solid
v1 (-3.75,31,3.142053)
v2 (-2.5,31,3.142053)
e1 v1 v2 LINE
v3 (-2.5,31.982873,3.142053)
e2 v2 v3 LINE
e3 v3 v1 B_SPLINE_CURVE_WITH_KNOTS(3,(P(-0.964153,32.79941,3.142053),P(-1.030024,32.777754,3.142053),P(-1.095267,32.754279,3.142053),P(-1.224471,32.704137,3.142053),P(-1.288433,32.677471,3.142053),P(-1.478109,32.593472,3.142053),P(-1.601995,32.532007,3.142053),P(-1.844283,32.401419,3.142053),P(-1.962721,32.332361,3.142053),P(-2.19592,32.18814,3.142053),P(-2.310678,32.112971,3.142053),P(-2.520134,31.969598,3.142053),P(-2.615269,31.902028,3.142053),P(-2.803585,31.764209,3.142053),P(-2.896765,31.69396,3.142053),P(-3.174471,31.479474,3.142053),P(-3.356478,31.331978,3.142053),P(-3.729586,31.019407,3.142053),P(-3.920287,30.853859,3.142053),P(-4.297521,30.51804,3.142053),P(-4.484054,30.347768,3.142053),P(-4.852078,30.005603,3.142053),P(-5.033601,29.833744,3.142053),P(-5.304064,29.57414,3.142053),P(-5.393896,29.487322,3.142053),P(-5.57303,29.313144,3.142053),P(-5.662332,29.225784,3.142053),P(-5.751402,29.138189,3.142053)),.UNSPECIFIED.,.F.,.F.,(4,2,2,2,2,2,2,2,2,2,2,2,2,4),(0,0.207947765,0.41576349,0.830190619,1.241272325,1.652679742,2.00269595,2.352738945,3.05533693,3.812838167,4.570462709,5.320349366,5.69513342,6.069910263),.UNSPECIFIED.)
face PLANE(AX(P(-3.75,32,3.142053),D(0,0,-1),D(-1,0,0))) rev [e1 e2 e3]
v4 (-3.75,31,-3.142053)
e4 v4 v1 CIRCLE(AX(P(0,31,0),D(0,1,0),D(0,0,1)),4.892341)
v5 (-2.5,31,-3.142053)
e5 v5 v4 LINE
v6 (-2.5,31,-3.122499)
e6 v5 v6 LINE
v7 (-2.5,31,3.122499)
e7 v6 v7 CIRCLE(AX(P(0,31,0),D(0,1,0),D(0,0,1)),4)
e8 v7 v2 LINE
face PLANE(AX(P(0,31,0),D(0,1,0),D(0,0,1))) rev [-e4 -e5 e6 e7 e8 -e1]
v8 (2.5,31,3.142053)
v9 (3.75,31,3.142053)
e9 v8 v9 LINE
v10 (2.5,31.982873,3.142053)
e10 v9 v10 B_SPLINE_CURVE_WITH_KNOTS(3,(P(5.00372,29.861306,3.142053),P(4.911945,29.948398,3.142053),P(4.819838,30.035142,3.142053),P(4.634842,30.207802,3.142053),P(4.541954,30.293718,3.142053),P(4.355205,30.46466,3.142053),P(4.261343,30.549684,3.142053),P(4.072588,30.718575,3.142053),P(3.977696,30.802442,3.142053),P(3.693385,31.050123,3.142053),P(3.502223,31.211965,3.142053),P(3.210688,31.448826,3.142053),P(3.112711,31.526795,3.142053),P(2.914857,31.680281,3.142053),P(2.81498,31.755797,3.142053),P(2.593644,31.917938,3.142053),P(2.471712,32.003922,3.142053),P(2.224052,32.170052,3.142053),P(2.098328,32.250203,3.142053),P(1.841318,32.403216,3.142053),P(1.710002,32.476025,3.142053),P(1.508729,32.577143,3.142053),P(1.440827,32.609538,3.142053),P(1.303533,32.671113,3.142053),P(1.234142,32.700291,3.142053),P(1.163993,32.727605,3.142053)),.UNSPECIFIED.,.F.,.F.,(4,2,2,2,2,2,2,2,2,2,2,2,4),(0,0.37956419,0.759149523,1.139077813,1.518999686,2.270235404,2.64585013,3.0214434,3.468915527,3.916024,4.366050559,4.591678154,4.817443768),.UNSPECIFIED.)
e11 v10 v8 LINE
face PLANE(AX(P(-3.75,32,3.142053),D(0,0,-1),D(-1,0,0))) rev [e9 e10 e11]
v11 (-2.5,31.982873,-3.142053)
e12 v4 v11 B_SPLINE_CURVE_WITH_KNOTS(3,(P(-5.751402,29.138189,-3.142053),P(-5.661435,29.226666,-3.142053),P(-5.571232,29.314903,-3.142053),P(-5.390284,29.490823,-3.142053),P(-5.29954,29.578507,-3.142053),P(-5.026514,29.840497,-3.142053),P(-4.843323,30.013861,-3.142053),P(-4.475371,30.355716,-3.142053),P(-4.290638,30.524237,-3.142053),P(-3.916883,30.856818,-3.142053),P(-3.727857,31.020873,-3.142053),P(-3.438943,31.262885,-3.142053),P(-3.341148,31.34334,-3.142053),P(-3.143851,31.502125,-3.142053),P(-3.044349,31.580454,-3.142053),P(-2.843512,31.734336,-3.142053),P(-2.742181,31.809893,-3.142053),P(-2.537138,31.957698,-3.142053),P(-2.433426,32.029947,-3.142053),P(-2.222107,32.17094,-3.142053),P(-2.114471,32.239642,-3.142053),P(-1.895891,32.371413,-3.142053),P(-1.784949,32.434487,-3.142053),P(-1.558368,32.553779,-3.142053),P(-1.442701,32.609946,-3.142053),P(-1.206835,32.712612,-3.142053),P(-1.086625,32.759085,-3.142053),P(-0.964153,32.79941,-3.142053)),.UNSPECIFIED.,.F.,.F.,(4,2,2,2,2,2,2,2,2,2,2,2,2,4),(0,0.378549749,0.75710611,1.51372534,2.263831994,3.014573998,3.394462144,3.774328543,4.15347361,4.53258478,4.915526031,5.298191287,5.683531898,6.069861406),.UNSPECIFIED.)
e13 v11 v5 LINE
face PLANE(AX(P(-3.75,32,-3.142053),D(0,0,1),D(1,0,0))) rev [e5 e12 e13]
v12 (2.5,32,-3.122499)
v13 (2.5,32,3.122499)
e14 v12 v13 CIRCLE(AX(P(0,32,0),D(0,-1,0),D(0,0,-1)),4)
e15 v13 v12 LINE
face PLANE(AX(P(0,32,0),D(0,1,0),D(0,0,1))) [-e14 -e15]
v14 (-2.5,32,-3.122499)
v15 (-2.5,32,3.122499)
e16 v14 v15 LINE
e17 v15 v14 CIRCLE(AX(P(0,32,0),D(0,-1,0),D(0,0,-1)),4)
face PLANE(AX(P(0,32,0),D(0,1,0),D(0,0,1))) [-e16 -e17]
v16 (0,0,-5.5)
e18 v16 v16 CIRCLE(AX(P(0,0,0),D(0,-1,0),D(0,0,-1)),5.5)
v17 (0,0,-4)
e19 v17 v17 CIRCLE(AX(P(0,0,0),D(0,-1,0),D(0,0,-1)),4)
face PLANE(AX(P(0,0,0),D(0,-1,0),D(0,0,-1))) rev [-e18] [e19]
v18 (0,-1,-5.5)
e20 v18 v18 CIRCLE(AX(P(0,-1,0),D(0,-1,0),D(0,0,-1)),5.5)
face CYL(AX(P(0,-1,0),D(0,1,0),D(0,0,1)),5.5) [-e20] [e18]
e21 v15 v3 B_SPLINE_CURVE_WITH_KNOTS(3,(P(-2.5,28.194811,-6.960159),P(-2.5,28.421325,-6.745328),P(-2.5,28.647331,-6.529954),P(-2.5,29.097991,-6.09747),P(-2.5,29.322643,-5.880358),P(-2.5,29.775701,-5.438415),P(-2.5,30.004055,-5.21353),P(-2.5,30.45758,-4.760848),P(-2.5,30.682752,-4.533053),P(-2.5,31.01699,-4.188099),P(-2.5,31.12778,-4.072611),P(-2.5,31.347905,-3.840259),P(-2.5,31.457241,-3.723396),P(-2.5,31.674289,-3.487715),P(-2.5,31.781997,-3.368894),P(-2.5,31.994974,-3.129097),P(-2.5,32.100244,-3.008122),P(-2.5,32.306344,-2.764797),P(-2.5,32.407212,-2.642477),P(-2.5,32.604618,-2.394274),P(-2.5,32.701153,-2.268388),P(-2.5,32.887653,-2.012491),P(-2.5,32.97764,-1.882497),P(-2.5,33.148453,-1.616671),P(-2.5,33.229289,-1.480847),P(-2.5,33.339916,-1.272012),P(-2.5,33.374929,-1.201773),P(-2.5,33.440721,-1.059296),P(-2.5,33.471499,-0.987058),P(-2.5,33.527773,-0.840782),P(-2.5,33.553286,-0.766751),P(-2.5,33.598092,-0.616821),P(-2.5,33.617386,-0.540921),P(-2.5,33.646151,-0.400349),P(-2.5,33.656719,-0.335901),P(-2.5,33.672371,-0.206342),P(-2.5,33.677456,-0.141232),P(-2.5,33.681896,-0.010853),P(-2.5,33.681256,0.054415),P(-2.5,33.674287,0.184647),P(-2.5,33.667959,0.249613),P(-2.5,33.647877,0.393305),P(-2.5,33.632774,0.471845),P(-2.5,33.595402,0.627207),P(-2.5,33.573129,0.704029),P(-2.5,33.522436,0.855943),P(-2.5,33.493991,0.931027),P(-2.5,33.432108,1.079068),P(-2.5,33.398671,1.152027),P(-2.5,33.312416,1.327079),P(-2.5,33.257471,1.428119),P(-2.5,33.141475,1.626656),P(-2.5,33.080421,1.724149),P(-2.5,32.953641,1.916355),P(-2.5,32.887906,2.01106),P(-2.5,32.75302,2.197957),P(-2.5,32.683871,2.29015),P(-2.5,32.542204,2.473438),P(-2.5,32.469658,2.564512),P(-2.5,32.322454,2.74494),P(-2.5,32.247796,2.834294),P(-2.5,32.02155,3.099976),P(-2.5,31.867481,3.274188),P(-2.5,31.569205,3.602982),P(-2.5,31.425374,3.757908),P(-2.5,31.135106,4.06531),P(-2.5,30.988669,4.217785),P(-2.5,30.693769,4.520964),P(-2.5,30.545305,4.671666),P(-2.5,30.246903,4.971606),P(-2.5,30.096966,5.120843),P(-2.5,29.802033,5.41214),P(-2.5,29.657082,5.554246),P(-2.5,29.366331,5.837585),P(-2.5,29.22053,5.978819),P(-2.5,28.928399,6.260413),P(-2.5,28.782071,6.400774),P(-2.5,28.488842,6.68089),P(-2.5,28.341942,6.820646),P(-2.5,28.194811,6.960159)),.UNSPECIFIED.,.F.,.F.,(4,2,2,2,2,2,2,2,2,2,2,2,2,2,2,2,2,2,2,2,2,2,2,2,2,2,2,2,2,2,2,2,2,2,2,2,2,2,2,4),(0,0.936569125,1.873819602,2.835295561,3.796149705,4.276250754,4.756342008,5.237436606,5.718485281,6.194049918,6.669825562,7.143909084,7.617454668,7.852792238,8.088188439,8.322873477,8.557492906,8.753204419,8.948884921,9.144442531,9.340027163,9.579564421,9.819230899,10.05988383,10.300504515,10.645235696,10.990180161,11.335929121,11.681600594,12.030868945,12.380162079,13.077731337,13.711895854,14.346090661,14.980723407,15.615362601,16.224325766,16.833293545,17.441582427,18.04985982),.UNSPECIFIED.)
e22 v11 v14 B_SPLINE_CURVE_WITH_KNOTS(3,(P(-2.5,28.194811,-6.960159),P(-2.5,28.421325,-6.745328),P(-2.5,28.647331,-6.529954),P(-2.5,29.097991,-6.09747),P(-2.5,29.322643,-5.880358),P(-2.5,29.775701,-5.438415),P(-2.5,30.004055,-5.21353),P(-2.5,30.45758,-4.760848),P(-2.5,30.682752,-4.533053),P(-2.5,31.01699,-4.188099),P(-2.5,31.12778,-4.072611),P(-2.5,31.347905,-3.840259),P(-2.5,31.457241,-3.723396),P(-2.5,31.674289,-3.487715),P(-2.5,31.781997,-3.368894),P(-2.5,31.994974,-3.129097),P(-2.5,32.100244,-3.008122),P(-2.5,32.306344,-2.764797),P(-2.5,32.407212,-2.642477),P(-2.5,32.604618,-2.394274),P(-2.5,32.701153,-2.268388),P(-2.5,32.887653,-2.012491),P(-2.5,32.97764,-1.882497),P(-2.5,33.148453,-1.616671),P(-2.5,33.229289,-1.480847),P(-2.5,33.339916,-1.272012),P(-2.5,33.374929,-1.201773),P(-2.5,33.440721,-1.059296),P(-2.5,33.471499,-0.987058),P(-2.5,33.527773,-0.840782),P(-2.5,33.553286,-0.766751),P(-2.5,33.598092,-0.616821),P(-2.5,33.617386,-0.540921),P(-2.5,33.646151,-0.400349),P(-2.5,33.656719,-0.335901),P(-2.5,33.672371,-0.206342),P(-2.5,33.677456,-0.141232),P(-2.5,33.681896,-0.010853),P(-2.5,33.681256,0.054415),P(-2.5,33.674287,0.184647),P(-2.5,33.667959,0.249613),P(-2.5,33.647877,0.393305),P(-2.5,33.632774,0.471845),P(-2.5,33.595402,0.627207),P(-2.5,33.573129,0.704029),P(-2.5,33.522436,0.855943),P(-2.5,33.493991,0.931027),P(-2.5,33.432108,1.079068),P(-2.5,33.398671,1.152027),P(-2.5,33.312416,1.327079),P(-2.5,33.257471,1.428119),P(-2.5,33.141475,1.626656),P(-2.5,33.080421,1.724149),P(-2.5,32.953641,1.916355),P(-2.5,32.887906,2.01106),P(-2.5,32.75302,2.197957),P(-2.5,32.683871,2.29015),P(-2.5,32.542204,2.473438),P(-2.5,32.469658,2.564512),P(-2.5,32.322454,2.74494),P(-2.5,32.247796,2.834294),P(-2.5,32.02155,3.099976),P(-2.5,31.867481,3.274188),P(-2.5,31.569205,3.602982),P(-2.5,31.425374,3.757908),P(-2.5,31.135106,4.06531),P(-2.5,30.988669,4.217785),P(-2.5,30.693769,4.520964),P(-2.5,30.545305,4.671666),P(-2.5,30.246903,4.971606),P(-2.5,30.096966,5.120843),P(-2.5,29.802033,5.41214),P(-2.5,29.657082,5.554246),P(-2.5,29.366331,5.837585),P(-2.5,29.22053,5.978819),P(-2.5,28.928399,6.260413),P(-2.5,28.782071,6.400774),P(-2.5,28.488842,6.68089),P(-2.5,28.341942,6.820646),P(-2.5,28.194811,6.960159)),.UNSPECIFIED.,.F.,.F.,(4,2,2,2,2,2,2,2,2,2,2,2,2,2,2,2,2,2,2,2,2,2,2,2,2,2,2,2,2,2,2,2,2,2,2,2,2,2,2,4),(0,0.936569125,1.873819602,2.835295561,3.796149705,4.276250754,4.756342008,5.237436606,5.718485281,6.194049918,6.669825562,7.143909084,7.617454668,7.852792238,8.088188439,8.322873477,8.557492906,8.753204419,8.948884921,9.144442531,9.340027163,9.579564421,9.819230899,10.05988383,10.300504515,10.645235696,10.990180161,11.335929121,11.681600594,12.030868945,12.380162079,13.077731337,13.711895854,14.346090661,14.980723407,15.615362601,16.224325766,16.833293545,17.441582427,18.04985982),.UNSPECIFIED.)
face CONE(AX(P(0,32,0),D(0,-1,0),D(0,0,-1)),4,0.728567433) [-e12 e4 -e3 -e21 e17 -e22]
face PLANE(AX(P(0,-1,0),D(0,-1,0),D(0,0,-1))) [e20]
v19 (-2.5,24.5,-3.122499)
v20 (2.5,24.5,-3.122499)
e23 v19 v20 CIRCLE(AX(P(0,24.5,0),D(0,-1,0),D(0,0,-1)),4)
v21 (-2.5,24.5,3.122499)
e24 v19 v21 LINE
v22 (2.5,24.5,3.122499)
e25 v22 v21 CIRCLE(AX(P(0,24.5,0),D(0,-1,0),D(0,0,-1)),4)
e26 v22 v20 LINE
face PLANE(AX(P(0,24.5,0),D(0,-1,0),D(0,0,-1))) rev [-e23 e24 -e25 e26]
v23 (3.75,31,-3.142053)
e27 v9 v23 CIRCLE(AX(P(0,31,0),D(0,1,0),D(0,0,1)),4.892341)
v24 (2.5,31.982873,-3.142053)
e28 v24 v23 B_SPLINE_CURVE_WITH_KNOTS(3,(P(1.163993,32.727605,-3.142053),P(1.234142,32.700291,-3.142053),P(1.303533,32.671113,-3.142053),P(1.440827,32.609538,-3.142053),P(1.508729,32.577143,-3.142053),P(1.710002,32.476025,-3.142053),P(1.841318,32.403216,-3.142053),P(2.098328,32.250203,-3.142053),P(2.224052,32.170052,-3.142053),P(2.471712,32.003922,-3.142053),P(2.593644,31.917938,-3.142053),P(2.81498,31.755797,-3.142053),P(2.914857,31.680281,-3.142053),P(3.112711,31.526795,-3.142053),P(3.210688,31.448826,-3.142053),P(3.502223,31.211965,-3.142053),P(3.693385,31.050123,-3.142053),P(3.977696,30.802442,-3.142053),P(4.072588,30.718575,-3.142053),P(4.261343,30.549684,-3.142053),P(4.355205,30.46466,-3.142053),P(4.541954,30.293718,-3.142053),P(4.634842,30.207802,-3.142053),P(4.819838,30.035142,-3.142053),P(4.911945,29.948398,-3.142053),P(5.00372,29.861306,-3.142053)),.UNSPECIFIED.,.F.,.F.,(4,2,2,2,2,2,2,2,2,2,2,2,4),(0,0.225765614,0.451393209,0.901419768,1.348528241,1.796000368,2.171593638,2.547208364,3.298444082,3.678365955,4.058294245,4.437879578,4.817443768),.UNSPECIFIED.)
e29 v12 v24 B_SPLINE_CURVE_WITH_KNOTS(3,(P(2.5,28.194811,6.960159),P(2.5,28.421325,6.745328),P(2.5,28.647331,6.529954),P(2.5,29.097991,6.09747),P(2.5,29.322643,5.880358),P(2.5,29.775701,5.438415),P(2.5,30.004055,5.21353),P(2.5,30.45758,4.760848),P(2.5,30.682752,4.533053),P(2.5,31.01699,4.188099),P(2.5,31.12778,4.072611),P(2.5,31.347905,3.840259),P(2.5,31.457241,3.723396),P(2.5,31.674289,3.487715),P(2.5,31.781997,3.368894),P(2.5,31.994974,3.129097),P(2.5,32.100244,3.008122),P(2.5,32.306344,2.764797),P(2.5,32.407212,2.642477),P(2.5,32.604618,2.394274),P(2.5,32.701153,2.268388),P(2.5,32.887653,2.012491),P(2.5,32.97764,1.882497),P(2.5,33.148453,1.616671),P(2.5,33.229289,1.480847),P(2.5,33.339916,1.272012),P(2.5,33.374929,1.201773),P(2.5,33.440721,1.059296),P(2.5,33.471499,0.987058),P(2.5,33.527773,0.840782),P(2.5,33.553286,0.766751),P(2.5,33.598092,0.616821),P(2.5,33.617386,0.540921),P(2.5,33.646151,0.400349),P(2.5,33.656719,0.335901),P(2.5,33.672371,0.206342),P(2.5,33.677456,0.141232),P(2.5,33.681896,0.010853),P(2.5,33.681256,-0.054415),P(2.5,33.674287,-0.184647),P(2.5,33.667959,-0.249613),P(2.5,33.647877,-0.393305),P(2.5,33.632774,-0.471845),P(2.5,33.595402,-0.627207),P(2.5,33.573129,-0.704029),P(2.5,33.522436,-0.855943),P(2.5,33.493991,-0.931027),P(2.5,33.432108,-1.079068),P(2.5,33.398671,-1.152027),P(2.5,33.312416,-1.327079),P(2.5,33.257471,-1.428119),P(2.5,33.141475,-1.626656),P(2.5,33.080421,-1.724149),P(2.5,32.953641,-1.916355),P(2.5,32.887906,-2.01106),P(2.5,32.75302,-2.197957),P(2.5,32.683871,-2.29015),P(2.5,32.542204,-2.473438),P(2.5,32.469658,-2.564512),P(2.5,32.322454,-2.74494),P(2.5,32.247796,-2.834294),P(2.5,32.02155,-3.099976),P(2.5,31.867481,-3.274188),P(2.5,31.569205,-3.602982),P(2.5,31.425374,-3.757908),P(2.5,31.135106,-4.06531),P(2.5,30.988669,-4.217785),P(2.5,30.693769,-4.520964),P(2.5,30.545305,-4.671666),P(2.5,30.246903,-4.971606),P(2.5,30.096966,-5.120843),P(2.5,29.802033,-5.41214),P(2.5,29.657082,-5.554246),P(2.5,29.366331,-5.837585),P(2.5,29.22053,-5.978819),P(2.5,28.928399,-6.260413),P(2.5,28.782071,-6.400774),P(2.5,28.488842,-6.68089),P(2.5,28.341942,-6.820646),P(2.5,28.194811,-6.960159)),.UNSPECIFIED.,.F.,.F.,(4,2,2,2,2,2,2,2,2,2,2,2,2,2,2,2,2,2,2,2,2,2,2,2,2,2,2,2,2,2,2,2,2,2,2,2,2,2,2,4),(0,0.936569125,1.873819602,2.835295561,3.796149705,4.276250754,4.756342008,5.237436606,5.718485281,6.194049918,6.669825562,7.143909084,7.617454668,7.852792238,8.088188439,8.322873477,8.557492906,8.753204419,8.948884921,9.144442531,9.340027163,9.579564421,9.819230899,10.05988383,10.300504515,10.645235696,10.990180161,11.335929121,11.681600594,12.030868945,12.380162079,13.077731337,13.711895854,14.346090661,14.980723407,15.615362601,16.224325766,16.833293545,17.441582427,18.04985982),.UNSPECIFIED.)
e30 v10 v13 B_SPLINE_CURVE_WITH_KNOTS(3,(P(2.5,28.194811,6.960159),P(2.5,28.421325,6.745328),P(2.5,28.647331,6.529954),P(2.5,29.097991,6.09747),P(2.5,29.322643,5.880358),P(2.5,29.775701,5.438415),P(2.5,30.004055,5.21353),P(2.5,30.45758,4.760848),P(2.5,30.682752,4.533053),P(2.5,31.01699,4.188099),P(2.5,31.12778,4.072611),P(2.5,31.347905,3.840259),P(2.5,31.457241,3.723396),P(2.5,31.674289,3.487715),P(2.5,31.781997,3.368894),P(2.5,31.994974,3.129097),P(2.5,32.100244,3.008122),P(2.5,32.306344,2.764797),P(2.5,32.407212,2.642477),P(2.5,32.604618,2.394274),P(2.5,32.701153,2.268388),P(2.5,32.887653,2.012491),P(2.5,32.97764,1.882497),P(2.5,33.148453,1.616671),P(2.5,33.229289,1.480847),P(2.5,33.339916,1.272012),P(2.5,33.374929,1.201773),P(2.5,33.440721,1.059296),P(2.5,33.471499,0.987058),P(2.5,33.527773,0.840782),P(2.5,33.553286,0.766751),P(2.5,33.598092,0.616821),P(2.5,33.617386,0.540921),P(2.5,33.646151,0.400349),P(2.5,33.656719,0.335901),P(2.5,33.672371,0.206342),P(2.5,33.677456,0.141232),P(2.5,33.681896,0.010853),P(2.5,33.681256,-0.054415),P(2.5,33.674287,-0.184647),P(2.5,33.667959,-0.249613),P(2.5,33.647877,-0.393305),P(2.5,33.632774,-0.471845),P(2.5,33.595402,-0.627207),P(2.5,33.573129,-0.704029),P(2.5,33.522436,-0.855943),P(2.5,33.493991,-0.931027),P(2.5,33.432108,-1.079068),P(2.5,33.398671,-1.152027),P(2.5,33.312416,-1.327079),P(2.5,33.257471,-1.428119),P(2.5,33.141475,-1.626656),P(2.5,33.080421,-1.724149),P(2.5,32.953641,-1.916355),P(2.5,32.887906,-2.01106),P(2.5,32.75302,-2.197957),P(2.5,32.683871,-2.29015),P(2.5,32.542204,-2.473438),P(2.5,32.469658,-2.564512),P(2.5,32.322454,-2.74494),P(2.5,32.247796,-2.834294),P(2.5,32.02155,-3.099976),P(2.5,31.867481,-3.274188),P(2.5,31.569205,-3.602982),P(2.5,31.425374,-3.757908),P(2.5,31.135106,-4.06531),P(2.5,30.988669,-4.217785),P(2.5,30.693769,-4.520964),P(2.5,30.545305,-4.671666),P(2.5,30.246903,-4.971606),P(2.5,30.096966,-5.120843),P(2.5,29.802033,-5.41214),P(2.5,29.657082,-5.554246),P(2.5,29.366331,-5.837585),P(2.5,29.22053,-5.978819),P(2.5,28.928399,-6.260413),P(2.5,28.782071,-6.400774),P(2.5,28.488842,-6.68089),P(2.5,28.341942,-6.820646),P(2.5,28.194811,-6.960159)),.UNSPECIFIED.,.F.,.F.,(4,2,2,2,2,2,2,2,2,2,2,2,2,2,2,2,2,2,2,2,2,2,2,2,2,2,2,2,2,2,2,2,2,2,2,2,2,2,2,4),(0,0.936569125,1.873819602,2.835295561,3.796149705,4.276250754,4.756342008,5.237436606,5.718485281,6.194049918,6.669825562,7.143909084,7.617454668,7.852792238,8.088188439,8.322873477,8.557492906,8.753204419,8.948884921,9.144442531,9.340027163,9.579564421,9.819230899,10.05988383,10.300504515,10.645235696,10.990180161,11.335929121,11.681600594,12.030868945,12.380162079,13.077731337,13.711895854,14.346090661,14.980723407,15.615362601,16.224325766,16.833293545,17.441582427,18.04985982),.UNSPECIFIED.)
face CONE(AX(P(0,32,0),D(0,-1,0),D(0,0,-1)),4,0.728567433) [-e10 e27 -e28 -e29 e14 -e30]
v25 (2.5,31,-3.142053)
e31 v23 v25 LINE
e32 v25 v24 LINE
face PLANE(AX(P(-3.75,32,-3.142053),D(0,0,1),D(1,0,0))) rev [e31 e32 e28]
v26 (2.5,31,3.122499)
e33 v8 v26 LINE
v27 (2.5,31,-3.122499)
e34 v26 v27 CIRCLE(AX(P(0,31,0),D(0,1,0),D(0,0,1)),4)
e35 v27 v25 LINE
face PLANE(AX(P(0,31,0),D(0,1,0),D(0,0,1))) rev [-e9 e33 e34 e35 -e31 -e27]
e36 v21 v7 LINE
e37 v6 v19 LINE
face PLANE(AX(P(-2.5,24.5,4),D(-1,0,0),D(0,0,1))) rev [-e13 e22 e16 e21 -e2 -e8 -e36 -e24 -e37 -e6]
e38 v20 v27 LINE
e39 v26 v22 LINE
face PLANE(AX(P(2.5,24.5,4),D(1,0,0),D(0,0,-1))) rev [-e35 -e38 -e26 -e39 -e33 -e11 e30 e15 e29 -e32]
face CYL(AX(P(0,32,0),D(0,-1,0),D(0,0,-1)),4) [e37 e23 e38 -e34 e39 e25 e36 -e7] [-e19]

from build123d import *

# Parameters (mm, degrees)
SKETCH1_R           = 4
BOSS_EXTRUDE1_DEPTH = 32
SKETCH4_R           = 5.5
BOSS_EXTRUDE3_DEPTH = 1
BOSS_EXTRUDE4_DEPTH = 1
SKETCH6_W           = 5
SKETCH6_H           = 8
CUT_EXTRUDE2_DEPTH  = 7.5


with BuildPart() as part:
    # Sketch1 → Boss-Extrude1 (new body)
    with BuildSketch(Plane(origin=(0, 0, 0), x_dir=(1, 0, 0), z_dir=(0, 1, 0))):
        with Locations(Location((0, 0, 0), (0, 0, 270))):
            Circle(SKETCH1_R)
    extrude(amount=BOSS_EXTRUDE1_DEPTH)

    # Sketch4 → Boss-Extrude3 (add)
    with BuildSketch(Plane.XZ):
        with Locations(Location((0, 0, 0), (0, 0, 270))):
            Circle(SKETCH4_R)
    extrude(amount=BOSS_EXTRUDE3_DEPTH)

    # Sketch5 → Boss-Extrude4 (add)
    with BuildSketch(Plane(origin=(0, 31, 0), x_dir=(1, 0, 0), z_dir=(0, 1, 0))):
        with BuildLine():
            Line((-3.75, -3.142053469), (3.75, -3.142053469))
            ThreePointArc((3.75, -3.142053469), (4.892340953, 0), (3.75, 3.142053469))
            Line((3.75, 3.142053469), (-3.75, 3.142053469))
            ThreePointArc((-3.75, 3.142053469), (-4.892340953, 0), (-3.75, -3.142053469))
        make_face()
    extrude(amount=BOSS_EXTRUDE4_DEPTH)

    # Sketch6 → Cut-Extrude2 (cut)
    with BuildSketch(Plane(origin=(0, 32, 0), x_dir=(1, 0, 0), z_dir=(0, 1, 0))):
        Rectangle(SKETCH6_W, SKETCH6_H)
    extrude(amount=-CUT_EXTRUDE2_DEPTH, mode=Mode.SUBTRACT)

    # Sketch8 → Cut-Revolve1 (revolve, cut)
    with BuildSketch(Plane.XY, mode=Mode.PRIVATE) as cut_revolve1_sk:
        Polygon((4.892340953, 31), (4, 32), (4.892340953, 32), align=None)
    revolve(cut_revolve1_sk.sketch.rotate(Axis((0, 0, 0), (0, 1, 0)), 90), axis=Axis((0, 0, 0), (0, 1, 0)), mode=Mode.SUBTRACT)


solid = part.part
